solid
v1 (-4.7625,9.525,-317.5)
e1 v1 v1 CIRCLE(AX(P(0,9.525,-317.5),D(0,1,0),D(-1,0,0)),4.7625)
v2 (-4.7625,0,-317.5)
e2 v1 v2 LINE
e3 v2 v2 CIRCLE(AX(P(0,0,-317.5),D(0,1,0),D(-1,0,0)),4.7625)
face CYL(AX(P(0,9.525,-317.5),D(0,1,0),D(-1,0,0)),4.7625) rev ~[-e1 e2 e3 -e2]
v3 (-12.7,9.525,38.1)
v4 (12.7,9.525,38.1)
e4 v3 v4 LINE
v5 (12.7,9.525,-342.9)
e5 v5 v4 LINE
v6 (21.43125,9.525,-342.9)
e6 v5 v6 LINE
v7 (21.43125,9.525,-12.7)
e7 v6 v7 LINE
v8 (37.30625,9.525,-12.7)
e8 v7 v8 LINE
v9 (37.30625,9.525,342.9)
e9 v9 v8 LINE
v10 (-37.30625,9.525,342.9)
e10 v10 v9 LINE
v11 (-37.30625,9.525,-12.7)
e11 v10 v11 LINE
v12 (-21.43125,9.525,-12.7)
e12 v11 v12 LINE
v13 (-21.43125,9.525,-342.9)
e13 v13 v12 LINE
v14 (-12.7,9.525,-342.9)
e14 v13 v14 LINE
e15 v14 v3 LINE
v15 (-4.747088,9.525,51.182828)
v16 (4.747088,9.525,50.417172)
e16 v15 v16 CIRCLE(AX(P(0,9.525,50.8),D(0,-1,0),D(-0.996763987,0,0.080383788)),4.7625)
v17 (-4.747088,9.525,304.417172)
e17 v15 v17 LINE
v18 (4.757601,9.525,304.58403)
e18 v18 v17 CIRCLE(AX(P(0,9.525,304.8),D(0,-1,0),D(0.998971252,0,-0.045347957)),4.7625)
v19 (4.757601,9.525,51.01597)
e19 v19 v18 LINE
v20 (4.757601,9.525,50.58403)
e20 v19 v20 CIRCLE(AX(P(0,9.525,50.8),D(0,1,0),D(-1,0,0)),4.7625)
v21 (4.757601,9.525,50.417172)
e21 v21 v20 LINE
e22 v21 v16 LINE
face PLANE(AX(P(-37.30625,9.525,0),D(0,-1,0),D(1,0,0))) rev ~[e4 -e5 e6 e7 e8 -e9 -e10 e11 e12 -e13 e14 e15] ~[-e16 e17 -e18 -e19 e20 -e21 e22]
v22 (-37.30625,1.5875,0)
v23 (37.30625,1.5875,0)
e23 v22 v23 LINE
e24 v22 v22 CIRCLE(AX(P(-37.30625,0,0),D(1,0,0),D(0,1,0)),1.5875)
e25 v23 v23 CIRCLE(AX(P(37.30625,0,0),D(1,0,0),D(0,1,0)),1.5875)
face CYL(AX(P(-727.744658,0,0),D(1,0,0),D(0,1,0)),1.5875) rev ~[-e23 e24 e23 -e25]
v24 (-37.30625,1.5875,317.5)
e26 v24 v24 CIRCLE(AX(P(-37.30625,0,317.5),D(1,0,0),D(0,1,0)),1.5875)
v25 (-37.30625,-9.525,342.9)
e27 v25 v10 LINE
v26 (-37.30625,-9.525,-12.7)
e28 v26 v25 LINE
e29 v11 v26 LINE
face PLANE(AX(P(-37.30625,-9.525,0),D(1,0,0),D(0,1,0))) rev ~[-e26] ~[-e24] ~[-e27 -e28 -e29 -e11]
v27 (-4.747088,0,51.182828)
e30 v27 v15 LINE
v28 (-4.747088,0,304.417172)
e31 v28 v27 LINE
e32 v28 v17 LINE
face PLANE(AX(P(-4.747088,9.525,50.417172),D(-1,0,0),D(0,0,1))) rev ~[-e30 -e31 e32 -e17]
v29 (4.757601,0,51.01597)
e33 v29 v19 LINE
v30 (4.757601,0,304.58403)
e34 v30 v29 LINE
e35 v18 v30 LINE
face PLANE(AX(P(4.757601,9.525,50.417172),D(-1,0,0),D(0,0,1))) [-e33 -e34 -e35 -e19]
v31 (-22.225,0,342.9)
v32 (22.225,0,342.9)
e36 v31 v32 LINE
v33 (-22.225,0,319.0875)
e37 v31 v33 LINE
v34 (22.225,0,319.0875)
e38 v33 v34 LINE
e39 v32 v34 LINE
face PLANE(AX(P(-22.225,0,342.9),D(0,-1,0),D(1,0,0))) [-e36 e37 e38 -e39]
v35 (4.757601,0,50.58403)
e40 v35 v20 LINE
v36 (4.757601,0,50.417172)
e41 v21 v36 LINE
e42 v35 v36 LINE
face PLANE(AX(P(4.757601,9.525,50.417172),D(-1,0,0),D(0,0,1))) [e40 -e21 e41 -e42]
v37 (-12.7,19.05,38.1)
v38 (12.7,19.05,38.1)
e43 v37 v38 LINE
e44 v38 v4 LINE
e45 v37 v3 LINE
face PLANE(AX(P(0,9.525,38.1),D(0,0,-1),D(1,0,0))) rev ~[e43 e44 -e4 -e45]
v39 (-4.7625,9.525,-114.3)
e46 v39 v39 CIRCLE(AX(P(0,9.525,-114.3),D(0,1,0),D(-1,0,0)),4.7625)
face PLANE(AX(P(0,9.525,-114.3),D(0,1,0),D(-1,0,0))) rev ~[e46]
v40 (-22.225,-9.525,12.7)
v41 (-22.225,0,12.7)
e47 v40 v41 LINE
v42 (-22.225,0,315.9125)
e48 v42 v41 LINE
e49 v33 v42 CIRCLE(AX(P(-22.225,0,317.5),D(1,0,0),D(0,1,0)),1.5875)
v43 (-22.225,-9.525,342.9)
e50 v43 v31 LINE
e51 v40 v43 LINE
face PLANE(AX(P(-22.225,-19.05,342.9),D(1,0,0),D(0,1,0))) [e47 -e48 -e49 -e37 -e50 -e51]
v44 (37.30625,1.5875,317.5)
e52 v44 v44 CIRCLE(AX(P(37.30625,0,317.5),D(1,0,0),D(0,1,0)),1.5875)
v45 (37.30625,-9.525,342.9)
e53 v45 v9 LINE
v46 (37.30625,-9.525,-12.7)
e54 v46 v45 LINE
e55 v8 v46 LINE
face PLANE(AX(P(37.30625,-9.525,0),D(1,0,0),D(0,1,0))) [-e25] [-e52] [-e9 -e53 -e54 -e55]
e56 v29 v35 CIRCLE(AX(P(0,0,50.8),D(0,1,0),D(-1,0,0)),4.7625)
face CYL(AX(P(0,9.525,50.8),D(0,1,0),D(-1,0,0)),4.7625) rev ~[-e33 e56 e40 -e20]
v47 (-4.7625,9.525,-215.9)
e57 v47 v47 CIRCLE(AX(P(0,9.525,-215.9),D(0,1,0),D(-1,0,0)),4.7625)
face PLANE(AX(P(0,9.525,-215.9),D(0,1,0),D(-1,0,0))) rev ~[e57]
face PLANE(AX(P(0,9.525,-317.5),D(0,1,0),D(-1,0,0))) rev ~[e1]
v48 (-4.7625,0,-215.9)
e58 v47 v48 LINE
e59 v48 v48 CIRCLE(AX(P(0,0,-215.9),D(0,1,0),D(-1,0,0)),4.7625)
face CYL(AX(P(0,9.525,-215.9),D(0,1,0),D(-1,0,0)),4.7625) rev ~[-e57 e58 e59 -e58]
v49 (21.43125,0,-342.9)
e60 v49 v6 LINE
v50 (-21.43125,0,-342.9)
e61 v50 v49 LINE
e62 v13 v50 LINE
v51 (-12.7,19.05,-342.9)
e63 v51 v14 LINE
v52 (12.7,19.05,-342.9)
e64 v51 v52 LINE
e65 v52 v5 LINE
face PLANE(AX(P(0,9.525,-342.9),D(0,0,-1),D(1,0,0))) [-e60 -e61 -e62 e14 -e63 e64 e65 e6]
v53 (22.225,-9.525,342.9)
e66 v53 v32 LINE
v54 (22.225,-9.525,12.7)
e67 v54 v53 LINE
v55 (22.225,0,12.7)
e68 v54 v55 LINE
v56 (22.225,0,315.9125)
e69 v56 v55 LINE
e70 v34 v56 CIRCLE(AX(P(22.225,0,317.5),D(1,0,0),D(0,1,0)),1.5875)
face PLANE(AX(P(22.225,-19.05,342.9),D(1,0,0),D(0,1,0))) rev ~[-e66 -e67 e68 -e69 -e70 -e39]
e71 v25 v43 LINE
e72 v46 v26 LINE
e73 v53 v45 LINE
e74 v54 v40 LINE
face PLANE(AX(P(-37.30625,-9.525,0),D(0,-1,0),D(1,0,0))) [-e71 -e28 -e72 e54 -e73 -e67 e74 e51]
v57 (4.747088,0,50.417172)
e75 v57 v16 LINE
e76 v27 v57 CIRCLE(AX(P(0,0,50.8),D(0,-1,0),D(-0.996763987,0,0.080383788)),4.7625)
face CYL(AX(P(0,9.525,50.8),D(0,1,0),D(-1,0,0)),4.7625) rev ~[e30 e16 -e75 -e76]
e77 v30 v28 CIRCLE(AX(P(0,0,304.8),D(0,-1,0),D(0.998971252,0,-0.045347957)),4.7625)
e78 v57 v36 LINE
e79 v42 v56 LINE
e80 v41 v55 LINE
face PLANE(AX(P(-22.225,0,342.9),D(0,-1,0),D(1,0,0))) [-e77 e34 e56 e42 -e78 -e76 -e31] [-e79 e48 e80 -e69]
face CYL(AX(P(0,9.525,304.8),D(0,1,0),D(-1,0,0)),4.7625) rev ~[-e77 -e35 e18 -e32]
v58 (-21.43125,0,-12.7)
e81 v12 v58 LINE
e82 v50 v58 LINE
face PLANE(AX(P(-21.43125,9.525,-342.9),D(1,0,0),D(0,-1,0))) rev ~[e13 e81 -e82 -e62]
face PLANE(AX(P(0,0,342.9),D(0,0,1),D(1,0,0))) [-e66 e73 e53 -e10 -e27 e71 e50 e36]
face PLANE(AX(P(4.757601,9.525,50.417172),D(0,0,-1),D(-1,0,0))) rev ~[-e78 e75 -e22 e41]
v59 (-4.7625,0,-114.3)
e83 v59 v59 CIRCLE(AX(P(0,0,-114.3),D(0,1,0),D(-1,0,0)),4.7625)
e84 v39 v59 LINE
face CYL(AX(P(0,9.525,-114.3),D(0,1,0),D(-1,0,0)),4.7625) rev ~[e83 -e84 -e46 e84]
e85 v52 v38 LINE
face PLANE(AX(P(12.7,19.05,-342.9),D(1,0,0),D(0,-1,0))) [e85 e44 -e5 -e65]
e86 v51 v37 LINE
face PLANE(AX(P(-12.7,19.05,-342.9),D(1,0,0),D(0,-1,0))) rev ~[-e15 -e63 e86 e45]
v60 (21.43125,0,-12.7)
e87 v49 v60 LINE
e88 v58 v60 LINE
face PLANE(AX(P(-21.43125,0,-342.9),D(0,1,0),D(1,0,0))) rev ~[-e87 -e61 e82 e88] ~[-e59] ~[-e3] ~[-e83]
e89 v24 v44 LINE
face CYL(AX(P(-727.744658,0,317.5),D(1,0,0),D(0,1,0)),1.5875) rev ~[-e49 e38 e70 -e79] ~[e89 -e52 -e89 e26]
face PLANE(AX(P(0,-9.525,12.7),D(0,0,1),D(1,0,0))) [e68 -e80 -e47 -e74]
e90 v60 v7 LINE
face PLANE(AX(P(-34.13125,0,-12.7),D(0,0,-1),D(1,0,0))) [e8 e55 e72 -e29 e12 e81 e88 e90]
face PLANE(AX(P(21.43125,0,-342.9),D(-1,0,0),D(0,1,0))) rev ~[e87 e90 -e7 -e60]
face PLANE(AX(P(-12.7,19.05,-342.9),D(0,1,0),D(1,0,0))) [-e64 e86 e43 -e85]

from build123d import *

# Parameters (mm, degrees)
F0_W      = 74.6125
F0_H      = 19.05
F1_DEPTH  = 342.9
F2_W      = 25.4
F2_H      = 19.05
F3_DEPTH  = 381
F4_W      = 44.45
F4_H      = 19.05
F5_DEPTH  = 330.2
F6_W      = 6.35
F6_H      = 19.05
F6_W_2    = 0.79375
F6_H_2    = 9.525
F6_W_3    = 42.8625
F7_DEPTH  = 330.2
F9_D      = 9.525
F9_DEPTH  = 19.051
F10_W     = 9.504689079
F10_H     = 254.1668581462
F11_DEPTH = 19.051
F13_D     = 3.175


with BuildPart() as f1:
    # F0 (on Top) → F1 (new body, symmetric)
    with BuildSketch(Plane.XY):
        Rectangle(F0_W, F0_H)
    extrude(amount=F1_DEPTH, both=True)

    # F2 (on face) → F3 (join)
    with BuildSketch(Plane(origin=(0, 0, -342.9), x_dir=(1, 0, 0), z_dir=(0, 0, -1))):
        with Locations((0, -9.525)):
            Rectangle(F2_W, F2_H)
    extrude(amount=-F3_DEPTH)

    # F4 (on face) → F5 (cut)
    with BuildSketch(Plane.XY.offset(342.9)):
        with Locations((0, -9.525)):
            Rectangle(F4_W, F4_H)
    extrude(amount=-F5_DEPTH, mode=Mode.SUBTRACT)

    # F6 (on face) → F7 (cut)
    with BuildSketch(Plane(origin=(0, 0, -342.9), x_dir=(1, 0, 0), z_dir=(0, 0, -1))):
        with Locations((-34.13125, 0)):
            Rectangle(F6_W, F6_H)
        Polygon((-30.95625, 9.525), (-30.95625, -9.525), (-21.43125, -9.525), (-21.43125, 0), (-22.225, 0), (-22.225, 9.525), align=None)
        with Locations((-21.828125, 4.7625)):
            Rectangle(F6_W_2, F6_H_2)
        with Locations((0, 4.7625)):
            Rectangle(F6_W_3, F6_H_2)
        Polygon((22.225, 0), (21.43125, 0), (21.43125, -9.525), (30.95625, -9.525), (30.95625, 9.525), (22.225, 9.525), align=None)
        with Locations((21.828125, 4.7625)):
            Rectangle(F6_W_2, F6_H_2)
        with Locations((34.13125, 0)):
            Rectangle(F6_W, F6_H)
    extrude(amount=-F7_DEPTH, mode=Mode.SUBTRACT)

    # F9 (through all, one way)
    with BuildSketch(Plane(origin=(0, 9.525, 0), x_dir=(-1, 0, 0), z_dir=(0, 1, 0))):
        with Locations((0, -317.5), (0, -215.9), (0, -114.3), (0, 50.8), (0, 304.8)):
            Circle(F9_D / 2)
    extrude(amount=-F9_DEPTH, mode=Mode.SUBTRACT)

    # F10 (on face) → F11 (cut, through all)
    with BuildSketch(Plane(origin=(0, 9.525, 0), x_dir=(-1, 0, 0), z_dir=(0, 1, 0))):
        with Locations((-0.0052560493, 177.5006012835)):
            Rectangle(F10_W, F10_H)
    extrude(amount=-F11_DEPTH, mode=Mode.SUBTRACT)

    # F13 (through all)
    with Locations(Plane(origin=(-37.30625, 0, 0), x_dir=(0, -1, 0), z_dir=(-1, 0, 0))):
        with Locations((0, 317.5), (0, 0)):
            Hole(F13_D / 2)


solid = f1.part
